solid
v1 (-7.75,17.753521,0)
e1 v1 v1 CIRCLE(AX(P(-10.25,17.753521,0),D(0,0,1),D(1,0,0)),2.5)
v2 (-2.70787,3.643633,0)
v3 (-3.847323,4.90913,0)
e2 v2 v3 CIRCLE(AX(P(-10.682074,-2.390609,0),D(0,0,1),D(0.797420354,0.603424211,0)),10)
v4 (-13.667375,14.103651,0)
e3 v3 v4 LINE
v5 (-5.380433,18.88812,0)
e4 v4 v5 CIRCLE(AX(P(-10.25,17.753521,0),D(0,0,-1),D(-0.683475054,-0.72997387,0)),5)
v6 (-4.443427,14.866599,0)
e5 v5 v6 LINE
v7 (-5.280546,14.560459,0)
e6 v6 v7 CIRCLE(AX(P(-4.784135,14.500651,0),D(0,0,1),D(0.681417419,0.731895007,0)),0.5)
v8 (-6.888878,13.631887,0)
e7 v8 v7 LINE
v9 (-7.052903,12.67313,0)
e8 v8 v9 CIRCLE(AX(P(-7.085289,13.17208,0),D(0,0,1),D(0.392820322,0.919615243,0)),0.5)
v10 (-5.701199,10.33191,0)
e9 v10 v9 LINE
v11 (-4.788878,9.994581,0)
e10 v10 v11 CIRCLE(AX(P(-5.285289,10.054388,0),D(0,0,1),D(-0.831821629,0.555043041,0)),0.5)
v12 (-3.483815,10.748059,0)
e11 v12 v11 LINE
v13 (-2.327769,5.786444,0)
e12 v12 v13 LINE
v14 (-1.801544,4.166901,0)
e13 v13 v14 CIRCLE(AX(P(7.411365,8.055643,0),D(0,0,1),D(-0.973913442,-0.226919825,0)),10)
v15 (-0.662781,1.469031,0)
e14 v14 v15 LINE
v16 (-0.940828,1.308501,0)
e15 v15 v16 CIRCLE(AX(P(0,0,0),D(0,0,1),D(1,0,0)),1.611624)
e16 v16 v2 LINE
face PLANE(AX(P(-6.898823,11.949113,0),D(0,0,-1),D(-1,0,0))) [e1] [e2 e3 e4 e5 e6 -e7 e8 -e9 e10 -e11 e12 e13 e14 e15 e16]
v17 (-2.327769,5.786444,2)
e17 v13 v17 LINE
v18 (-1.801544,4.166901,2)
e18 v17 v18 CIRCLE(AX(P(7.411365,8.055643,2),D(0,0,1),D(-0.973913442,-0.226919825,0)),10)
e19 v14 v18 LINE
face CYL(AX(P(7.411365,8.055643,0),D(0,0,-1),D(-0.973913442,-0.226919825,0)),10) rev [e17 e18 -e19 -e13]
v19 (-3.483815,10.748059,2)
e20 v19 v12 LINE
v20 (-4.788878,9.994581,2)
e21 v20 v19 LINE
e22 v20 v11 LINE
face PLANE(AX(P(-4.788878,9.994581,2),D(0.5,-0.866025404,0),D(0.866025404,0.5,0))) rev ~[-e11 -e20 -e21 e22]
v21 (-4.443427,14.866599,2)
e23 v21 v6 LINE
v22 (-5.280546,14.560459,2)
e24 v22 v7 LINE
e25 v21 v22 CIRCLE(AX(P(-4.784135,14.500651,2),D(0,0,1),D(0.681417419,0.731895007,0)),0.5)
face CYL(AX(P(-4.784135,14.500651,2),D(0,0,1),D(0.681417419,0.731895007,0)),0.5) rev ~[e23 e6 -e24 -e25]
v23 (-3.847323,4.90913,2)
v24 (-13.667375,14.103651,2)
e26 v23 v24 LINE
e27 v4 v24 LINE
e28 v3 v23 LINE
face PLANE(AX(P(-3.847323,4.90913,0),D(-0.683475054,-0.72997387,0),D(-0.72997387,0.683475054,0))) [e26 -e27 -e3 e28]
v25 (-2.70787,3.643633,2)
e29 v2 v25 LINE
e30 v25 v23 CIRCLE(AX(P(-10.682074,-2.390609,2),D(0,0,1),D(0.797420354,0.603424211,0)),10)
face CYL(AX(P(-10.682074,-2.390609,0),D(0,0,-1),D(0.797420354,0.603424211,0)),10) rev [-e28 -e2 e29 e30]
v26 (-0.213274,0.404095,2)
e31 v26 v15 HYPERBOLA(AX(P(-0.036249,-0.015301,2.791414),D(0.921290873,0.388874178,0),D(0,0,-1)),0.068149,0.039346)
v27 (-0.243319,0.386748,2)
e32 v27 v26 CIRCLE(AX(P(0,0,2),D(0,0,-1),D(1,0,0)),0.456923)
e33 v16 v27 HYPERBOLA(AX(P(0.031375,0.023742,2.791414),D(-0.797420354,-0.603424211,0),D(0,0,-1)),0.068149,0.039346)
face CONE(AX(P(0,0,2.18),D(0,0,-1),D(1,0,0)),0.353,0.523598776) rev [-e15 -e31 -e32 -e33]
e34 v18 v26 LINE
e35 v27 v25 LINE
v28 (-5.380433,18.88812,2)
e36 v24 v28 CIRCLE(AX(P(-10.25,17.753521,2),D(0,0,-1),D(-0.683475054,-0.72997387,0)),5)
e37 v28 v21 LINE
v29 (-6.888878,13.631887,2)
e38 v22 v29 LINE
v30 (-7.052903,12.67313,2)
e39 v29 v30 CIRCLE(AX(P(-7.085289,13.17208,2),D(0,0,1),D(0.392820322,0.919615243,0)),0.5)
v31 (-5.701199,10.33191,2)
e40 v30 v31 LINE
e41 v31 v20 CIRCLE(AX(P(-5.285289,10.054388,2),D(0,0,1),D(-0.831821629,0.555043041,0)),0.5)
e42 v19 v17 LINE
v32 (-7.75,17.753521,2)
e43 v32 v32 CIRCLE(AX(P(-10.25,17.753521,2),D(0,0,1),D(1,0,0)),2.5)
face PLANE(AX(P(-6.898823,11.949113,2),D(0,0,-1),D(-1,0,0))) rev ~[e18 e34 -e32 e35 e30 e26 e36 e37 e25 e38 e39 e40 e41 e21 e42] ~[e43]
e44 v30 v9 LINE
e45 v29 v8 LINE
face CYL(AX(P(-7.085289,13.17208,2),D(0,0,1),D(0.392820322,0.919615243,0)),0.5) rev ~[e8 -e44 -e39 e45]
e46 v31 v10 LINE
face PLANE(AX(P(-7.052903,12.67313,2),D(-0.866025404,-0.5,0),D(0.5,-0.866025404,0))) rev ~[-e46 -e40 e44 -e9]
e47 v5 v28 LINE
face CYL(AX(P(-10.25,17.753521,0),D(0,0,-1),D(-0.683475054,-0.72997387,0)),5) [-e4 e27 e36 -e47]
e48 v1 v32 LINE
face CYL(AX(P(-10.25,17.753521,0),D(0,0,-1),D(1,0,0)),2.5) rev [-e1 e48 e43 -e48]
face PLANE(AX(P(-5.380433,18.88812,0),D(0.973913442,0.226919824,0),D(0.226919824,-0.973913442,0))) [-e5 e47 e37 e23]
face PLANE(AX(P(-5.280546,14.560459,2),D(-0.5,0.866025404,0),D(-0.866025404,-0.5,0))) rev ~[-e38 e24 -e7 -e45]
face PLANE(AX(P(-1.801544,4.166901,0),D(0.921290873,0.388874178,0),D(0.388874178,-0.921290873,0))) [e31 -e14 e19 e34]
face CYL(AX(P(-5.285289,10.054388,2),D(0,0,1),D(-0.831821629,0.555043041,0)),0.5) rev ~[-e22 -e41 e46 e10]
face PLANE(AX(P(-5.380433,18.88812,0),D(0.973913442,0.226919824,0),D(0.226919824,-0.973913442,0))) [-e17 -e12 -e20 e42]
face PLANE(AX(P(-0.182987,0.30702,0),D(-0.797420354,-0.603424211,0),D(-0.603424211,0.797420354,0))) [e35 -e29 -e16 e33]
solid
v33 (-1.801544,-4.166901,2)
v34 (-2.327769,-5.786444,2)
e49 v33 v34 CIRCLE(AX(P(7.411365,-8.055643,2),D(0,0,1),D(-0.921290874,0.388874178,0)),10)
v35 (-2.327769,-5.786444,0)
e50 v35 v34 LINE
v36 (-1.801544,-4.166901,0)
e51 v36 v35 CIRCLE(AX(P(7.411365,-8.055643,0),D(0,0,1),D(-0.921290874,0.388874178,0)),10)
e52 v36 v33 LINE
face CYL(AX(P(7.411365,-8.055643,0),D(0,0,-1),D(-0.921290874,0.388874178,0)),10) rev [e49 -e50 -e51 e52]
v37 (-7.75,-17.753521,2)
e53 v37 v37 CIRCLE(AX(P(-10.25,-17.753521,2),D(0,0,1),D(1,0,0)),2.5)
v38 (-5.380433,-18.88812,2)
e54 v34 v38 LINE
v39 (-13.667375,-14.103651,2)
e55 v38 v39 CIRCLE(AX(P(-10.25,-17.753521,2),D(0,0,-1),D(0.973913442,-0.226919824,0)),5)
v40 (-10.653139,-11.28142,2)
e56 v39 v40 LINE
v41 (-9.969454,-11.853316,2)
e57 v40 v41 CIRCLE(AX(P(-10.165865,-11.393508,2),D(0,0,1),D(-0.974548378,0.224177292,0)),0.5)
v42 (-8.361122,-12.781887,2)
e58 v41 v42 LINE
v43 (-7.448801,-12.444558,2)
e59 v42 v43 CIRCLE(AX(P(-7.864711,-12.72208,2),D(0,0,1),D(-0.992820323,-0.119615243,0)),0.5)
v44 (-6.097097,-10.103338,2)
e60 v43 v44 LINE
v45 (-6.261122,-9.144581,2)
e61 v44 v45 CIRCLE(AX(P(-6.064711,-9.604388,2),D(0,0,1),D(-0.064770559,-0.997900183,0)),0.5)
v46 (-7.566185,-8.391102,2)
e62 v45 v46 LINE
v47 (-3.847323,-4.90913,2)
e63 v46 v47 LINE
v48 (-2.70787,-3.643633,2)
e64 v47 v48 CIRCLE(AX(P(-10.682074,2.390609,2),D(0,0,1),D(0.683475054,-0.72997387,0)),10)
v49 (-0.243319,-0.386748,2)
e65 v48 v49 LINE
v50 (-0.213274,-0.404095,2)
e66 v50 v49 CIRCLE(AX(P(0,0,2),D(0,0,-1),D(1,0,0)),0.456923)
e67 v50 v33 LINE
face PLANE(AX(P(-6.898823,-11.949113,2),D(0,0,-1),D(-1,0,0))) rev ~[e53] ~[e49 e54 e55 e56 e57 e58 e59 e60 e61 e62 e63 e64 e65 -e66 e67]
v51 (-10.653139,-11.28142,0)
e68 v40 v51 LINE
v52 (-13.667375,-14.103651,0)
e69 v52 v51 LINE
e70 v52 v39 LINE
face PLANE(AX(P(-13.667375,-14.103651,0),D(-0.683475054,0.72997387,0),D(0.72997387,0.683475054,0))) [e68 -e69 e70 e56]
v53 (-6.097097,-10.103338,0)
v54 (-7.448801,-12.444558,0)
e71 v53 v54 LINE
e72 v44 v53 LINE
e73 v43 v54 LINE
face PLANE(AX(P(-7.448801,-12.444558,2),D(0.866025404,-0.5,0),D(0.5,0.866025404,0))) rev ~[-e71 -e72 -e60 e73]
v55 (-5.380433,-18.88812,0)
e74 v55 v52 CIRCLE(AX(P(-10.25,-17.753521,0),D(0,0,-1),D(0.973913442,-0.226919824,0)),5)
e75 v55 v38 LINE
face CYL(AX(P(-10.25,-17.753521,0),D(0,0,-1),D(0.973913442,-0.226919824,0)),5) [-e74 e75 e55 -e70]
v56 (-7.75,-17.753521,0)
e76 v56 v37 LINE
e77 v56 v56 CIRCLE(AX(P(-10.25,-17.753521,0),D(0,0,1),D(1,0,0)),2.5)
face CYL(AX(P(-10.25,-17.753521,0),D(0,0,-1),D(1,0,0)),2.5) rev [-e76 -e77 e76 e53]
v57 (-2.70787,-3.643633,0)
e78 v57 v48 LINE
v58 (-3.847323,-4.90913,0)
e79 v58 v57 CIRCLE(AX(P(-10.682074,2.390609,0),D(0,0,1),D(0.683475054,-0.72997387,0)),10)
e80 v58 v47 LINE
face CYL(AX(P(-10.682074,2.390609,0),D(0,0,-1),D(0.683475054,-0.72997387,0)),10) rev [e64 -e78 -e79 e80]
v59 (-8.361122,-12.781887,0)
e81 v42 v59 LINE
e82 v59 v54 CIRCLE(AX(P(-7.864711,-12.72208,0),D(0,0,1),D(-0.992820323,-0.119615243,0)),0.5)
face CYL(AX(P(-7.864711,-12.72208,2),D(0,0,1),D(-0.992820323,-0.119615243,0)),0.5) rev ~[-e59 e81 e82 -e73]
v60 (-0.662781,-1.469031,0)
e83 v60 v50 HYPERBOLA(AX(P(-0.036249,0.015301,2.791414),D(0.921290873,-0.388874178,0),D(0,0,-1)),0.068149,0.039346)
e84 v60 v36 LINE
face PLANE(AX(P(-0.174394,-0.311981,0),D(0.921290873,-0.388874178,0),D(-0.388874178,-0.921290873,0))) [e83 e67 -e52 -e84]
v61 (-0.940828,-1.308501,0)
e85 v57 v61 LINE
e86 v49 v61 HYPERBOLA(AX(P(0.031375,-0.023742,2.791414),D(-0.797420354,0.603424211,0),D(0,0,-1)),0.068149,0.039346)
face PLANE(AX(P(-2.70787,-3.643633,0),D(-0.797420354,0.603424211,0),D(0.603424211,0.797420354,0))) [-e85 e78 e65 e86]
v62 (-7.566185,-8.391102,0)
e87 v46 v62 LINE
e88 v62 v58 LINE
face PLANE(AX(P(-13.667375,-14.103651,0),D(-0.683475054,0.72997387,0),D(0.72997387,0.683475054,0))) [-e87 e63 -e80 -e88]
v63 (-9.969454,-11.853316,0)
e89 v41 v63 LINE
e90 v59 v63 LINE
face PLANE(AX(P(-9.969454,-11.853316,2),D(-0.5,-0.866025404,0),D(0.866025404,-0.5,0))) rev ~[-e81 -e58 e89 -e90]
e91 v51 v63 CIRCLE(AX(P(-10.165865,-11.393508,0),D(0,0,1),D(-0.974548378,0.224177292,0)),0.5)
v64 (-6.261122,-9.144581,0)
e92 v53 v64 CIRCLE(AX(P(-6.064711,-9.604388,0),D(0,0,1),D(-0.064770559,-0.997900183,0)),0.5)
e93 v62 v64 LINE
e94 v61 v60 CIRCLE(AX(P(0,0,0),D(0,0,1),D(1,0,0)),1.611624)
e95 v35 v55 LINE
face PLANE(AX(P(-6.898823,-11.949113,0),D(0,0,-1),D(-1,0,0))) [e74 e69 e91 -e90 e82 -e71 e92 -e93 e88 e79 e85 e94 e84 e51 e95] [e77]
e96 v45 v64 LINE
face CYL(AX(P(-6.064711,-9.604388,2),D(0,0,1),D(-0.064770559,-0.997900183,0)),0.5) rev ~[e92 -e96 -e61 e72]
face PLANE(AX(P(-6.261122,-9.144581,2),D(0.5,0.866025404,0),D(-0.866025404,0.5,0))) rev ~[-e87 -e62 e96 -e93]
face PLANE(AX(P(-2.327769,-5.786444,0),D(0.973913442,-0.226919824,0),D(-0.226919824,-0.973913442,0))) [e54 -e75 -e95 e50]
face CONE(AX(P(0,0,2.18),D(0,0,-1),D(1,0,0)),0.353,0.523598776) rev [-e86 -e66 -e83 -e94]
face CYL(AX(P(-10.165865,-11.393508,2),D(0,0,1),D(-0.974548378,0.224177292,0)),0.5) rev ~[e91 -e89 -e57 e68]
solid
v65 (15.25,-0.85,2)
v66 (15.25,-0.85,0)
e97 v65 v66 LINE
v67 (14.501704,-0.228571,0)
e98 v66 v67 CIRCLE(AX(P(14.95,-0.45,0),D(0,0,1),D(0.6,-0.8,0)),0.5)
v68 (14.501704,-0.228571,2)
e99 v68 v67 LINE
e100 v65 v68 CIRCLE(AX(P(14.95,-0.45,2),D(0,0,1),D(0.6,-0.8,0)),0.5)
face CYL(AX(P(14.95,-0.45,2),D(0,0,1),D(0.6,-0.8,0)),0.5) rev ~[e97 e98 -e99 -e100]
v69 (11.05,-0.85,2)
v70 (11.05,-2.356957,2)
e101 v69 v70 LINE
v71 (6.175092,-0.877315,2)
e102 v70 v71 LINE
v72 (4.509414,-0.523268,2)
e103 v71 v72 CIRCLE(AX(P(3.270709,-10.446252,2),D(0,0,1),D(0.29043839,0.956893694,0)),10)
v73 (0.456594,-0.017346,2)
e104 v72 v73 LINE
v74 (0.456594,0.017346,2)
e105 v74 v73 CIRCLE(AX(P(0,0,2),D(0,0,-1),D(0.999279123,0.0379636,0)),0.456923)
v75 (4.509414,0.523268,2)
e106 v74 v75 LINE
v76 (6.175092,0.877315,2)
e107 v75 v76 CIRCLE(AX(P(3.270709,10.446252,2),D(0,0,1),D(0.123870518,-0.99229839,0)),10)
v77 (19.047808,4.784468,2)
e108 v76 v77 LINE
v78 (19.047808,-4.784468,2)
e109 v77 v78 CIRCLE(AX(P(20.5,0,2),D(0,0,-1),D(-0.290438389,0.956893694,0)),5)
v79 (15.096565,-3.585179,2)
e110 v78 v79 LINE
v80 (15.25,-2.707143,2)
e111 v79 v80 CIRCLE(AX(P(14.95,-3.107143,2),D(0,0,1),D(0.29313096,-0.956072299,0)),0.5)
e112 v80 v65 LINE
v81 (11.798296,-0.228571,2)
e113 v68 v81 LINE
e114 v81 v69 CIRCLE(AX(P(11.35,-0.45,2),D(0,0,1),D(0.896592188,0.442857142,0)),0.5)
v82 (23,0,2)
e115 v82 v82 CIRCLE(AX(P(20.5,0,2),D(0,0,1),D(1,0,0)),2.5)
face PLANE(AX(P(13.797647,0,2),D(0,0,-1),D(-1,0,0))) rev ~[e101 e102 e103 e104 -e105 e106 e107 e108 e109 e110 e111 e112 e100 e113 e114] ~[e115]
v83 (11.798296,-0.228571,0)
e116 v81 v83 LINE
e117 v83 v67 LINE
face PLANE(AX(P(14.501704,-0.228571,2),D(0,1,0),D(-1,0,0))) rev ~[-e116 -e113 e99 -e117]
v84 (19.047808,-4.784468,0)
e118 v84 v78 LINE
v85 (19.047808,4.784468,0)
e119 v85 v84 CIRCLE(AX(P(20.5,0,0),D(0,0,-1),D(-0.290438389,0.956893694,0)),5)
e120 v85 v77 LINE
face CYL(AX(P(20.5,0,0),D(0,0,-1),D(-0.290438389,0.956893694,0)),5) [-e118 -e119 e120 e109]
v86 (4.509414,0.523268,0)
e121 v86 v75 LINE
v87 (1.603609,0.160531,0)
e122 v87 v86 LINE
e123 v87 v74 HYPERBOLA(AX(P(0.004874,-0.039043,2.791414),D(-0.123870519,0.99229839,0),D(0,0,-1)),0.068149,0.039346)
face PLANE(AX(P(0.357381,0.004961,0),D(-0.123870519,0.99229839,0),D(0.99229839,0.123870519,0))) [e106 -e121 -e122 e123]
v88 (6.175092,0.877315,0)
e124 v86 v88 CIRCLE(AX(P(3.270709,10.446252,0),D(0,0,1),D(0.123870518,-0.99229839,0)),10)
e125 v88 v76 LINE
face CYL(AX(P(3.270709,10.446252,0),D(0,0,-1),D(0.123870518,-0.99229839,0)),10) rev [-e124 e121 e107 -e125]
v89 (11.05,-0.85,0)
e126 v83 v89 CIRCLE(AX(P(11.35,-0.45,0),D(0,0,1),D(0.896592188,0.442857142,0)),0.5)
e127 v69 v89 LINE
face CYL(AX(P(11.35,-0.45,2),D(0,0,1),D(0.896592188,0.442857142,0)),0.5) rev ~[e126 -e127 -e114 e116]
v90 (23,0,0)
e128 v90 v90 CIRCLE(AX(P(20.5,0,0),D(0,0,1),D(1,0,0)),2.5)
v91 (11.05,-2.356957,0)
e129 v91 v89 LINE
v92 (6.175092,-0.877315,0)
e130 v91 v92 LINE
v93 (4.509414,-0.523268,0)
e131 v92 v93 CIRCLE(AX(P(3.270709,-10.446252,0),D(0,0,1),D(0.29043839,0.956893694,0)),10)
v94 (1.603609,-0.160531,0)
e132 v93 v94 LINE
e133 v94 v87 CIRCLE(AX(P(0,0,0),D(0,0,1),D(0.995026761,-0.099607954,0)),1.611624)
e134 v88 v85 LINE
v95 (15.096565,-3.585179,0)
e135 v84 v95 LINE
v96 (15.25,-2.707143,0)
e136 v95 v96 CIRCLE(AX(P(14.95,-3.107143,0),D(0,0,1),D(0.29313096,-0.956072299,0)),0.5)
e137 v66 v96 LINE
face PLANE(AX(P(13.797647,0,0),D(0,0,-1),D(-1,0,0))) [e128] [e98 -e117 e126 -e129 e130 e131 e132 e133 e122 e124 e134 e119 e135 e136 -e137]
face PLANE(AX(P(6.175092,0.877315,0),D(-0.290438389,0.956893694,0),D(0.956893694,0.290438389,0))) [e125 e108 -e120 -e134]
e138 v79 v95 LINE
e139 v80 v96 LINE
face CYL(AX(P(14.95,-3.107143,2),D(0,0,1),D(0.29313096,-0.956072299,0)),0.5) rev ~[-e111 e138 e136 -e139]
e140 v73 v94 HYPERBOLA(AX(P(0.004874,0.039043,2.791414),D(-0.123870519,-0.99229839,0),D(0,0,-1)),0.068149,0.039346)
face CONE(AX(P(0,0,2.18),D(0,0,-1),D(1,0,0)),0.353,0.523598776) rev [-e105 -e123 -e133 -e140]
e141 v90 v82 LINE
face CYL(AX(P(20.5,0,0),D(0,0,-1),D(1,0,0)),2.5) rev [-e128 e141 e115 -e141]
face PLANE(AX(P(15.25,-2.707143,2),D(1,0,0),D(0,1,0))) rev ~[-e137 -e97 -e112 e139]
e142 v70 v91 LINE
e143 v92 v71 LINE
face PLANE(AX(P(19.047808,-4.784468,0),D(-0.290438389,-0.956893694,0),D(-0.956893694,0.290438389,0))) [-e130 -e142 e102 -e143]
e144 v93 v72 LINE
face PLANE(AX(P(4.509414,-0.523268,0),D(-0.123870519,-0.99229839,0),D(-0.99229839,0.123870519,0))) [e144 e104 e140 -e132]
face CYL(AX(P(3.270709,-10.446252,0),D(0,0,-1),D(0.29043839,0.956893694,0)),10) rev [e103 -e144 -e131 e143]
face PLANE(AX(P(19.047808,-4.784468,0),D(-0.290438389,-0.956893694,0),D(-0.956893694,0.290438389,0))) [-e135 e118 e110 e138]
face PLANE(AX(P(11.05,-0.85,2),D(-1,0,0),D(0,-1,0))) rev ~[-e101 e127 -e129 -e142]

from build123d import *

# Parameters (mm, degrees)
SKETCH_1_R          = 2.5
EXTRUDE_1_DEPTH     = 2
EXTRUDE_1_2_DEPTH   = 2
EXTRUDE_1_3_DEPTH   = 2
CUT_EXTRUDE_1_DEPTH = 35.234086928


with BuildPart() as part:
    # 草圖1 → 填料-伸長1 (new body)
    with BuildSketch(Plane.XY):
        with BuildLine():
            Line((0.357380647, 0.004961492), (4.50941379, 0.523267787))
            ThreePointArc((4.50941379, 0.523267787), (5.349803134, 0.664770922), (6.175092484, 0.877314741))
            Line((6.175092484, 0.877314741), (19.047808057, 4.784468472))
            ThreePointArc((19.047808057, 4.784468472), (25.5, 0), (19.047808057, -4.784468472))
            Line((19.047808057, -4.784468472), (6.175092484, -0.877314741))
            ThreePointArc((6.175092484, -0.877314741), (5.349803134, -0.664770922), (4.50941379, -0.523267787))
            Line((4.50941379, -0.523267787), (0.357380647, -0.004961492))
            ThreePointArc((0.357380647, -0.004961492), (0.353, 0), (0.357380647, 0.004961492))
        make_face()
        with Locations((20.5, 0)):
            Circle(SKETCH_1_R, mode=Mode.SUBTRACT)
    extrude(amount=EXTRUDE_1_DEPTH)


with BuildPart() as body_2:
    # 草圖1 → Extrude 1 2 (new body)
    with BuildSketch(Plane.XY):
        with BuildLine():
            Line((-2.327769389, -5.786444332), (-5.380432788, -18.8881199))
            ThreePointArc((-5.380432788, -18.8881199), (-12.75, -22.083647797), (-13.667375269, -14.103651428))
            Line((-13.667375269, -14.103651428), (-3.847323094, -4.909129591))
            ThreePointArc((-3.847323094, -4.909129591), (-3.250610073, -4.300679958), (-2.707870091, -3.643633005))
            Line((-2.707870091, -3.643633005), (-0.182987102, -0.307019973))
            ThreePointArc((-0.182987102, -0.307019973), (-0.1765, -0.305706968), (-0.174393546, -0.311981465))
            Line((-0.174393546, -0.311981465), (-1.801543699, -4.166900792))
            ThreePointArc((-1.801543699, -4.166900792), (-2.09919306, -4.96545088), (-2.327769389, -5.786444332))
        make_face()
        with Locations((-10.25, -17.753520778)):
            Circle(SKETCH_1_R, mode=Mode.SUBTRACT)
    extrude(amount=EXTRUDE_1_2_DEPTH)


with BuildPart() as body_3:
    # 草圖1 → Extrude 1 3 (new body)
    with BuildSketch(Plane.XY):
        with BuildLine():
            Line((-3.847323094, 4.909129591), (-13.667375269, 14.103651428))
            ThreePointArc((-13.667375269, 14.103651428), (-12.75, 22.083647797), (-5.380432788, 18.8881199))
            Line((-5.380432788, 18.8881199), (-2.327769389, 5.786444332))
            ThreePointArc((-2.327769389, 5.786444332), (-2.09919306, 4.96545088), (-1.801543699, 4.166900792))
            Line((-1.801543699, 4.166900792), (-0.174393546, 0.311981465))
            ThreePointArc((-0.174393546, 0.311981465), (-0.1765, 0.305706968), (-0.182987102, 0.307019973))
            Line((-0.182987102, 0.307019973), (-2.707870091, 3.643633005))
            ThreePointArc((-2.707870091, 3.643633005), (-3.250610073, 4.300679958), (-3.847323094, 4.909129591))
        make_face()
        with Locations((-10.25, 17.753520778)):
            Circle(SKETCH_1_R, mode=Mode.SUBTRACT)
    extrude(amount=EXTRUDE_1_3_DEPTH)


with BuildPart() as cut_extrude_1_tool:
    # 草圖2 → 除料-伸長1 (new, through all)
    with BuildSketch(Plane.XY.offset(2)):
        with BuildLine():
            ThreePointArc((11.798296094, -0.228571429), (11.03056096, -0.065346), (11.05, -0.85))
            Line((11.05, -0.85), (11.05, -2.356956933))
            Line((11.05, -2.356956933), (15.09656548, -3.585179007))
            ThreePointArc((15.09656548, -3.585179007), (15.442536346, -3.193212295), (15.25, -2.707142857))
            Line((15.25, -2.707142857), (15.25, -0.85))
            ThreePointArc((15.25, -0.85), (15.26943904, -0.065346), (14.501703906, -0.228571429))
            Line((14.501703906, -0.228571429), (11.798296094, -0.228571429))
        make_face()
        with BuildLine():
            ThreePointArc((-6.888878407, 13.631887408), (-7.578128224, 13.25639511), (-7.052903289, 12.673129695))
            Line((-7.052903289, 12.673129695), (-5.701199383, 10.331909853))
            ThreePointArc((-5.701199383, 10.331909853), (-5.458689184, 9.585419009), (-4.788878407, 9.994580712))
            Line((-4.788878407, 9.994580712), (-3.48381542, 10.748059178))
            Line((-3.48381542, 10.748059178), (-4.443426643, 14.866598719))
            ThreePointArc((-4.443426643, 14.866598719), (-4.955865206, 14.970234922), (-5.280545514, 14.560458836))
            Line((-5.280545514, 14.560458836), (-6.888878407, 13.631887408))
        make_face()
        with BuildLine():
            ThreePointArc((-6.097096711, -10.103338424), (-5.571871776, -9.520073009), (-6.261121593, -9.144580712))
            Line((-6.261121593, -9.144580712), (-7.56618458, -8.391102245))
            Line((-7.56618458, -8.391102245), (-10.653138837, -11.281419712))
            ThreePointArc((-10.653138837, -11.281419712), (-10.48667114, -11.777022627), (-9.969454486, -11.853315979))
            Line((-9.969454486, -11.853315979), (-8.361121593, -12.781887408))
            ThreePointArc((-8.361121593, -12.781887408), (-7.691310816, -13.19104911), (-7.448800617, -12.444558267))
            Line((-7.448800617, -12.444558267), (-6.097096711, -10.103338424))
        make_face()
    extrude(amount=-CUT_EXTRUDE_1_DEPTH)


with BuildPart() as part_1:
    add(part.part)

    # 除料-伸長1: cut by cut_extrude_1_tool
    add(cut_extrude_1_tool.part, mode=Mode.SUBTRACT)


with BuildPart() as body_2_1:
    add(body_2.part)

    # 除料-伸長1: cut by cut_extrude_1_tool
    add(cut_extrude_1_tool.part, mode=Mode.SUBTRACT)


with BuildPart() as body_3_1:
    add(body_3.part)

    # 除料-伸長1: cut by cut_extrude_1_tool
    add(cut_extrude_1_tool.part, mode=Mode.SUBTRACT)


with BuildPart() as cut_revolve_1_tool:
    # 草圖3 → 除料-旋轉1 (revolve)
    with BuildSketch(Plane(origin=(0, 0, 0), x_dir=(1, 0, 0), z_dir=(0, 1, 0))):
        Polygon((0.353, -2.18), (1.611623587, 0), (0.353, 0), align=None)
    revolve(axis=Axis((0, 0, -4.245852073), (0, 0, 1)))


with BuildPart() as part_2:
    add(part_1.part)

    # 除料-旋轉1: cut by cut_revolve_1_tool
    add(cut_revolve_1_tool.part, mode=Mode.SUBTRACT)


with BuildPart() as body_2_2:
    add(body_2_1.part)

    # 除料-旋轉1: cut by cut_revolve_1_tool
    add(cut_revolve_1_tool.part, mode=Mode.SUBTRACT)


with BuildPart() as body_3_2:
    add(body_3_1.part)

    # 除料-旋轉1: cut by cut_revolve_1_tool
    add(cut_revolve_1_tool.part, mode=Mode.SUBTRACT)


solid = Compound([part_2.part, body_2_2.part, body_3_2.part])
